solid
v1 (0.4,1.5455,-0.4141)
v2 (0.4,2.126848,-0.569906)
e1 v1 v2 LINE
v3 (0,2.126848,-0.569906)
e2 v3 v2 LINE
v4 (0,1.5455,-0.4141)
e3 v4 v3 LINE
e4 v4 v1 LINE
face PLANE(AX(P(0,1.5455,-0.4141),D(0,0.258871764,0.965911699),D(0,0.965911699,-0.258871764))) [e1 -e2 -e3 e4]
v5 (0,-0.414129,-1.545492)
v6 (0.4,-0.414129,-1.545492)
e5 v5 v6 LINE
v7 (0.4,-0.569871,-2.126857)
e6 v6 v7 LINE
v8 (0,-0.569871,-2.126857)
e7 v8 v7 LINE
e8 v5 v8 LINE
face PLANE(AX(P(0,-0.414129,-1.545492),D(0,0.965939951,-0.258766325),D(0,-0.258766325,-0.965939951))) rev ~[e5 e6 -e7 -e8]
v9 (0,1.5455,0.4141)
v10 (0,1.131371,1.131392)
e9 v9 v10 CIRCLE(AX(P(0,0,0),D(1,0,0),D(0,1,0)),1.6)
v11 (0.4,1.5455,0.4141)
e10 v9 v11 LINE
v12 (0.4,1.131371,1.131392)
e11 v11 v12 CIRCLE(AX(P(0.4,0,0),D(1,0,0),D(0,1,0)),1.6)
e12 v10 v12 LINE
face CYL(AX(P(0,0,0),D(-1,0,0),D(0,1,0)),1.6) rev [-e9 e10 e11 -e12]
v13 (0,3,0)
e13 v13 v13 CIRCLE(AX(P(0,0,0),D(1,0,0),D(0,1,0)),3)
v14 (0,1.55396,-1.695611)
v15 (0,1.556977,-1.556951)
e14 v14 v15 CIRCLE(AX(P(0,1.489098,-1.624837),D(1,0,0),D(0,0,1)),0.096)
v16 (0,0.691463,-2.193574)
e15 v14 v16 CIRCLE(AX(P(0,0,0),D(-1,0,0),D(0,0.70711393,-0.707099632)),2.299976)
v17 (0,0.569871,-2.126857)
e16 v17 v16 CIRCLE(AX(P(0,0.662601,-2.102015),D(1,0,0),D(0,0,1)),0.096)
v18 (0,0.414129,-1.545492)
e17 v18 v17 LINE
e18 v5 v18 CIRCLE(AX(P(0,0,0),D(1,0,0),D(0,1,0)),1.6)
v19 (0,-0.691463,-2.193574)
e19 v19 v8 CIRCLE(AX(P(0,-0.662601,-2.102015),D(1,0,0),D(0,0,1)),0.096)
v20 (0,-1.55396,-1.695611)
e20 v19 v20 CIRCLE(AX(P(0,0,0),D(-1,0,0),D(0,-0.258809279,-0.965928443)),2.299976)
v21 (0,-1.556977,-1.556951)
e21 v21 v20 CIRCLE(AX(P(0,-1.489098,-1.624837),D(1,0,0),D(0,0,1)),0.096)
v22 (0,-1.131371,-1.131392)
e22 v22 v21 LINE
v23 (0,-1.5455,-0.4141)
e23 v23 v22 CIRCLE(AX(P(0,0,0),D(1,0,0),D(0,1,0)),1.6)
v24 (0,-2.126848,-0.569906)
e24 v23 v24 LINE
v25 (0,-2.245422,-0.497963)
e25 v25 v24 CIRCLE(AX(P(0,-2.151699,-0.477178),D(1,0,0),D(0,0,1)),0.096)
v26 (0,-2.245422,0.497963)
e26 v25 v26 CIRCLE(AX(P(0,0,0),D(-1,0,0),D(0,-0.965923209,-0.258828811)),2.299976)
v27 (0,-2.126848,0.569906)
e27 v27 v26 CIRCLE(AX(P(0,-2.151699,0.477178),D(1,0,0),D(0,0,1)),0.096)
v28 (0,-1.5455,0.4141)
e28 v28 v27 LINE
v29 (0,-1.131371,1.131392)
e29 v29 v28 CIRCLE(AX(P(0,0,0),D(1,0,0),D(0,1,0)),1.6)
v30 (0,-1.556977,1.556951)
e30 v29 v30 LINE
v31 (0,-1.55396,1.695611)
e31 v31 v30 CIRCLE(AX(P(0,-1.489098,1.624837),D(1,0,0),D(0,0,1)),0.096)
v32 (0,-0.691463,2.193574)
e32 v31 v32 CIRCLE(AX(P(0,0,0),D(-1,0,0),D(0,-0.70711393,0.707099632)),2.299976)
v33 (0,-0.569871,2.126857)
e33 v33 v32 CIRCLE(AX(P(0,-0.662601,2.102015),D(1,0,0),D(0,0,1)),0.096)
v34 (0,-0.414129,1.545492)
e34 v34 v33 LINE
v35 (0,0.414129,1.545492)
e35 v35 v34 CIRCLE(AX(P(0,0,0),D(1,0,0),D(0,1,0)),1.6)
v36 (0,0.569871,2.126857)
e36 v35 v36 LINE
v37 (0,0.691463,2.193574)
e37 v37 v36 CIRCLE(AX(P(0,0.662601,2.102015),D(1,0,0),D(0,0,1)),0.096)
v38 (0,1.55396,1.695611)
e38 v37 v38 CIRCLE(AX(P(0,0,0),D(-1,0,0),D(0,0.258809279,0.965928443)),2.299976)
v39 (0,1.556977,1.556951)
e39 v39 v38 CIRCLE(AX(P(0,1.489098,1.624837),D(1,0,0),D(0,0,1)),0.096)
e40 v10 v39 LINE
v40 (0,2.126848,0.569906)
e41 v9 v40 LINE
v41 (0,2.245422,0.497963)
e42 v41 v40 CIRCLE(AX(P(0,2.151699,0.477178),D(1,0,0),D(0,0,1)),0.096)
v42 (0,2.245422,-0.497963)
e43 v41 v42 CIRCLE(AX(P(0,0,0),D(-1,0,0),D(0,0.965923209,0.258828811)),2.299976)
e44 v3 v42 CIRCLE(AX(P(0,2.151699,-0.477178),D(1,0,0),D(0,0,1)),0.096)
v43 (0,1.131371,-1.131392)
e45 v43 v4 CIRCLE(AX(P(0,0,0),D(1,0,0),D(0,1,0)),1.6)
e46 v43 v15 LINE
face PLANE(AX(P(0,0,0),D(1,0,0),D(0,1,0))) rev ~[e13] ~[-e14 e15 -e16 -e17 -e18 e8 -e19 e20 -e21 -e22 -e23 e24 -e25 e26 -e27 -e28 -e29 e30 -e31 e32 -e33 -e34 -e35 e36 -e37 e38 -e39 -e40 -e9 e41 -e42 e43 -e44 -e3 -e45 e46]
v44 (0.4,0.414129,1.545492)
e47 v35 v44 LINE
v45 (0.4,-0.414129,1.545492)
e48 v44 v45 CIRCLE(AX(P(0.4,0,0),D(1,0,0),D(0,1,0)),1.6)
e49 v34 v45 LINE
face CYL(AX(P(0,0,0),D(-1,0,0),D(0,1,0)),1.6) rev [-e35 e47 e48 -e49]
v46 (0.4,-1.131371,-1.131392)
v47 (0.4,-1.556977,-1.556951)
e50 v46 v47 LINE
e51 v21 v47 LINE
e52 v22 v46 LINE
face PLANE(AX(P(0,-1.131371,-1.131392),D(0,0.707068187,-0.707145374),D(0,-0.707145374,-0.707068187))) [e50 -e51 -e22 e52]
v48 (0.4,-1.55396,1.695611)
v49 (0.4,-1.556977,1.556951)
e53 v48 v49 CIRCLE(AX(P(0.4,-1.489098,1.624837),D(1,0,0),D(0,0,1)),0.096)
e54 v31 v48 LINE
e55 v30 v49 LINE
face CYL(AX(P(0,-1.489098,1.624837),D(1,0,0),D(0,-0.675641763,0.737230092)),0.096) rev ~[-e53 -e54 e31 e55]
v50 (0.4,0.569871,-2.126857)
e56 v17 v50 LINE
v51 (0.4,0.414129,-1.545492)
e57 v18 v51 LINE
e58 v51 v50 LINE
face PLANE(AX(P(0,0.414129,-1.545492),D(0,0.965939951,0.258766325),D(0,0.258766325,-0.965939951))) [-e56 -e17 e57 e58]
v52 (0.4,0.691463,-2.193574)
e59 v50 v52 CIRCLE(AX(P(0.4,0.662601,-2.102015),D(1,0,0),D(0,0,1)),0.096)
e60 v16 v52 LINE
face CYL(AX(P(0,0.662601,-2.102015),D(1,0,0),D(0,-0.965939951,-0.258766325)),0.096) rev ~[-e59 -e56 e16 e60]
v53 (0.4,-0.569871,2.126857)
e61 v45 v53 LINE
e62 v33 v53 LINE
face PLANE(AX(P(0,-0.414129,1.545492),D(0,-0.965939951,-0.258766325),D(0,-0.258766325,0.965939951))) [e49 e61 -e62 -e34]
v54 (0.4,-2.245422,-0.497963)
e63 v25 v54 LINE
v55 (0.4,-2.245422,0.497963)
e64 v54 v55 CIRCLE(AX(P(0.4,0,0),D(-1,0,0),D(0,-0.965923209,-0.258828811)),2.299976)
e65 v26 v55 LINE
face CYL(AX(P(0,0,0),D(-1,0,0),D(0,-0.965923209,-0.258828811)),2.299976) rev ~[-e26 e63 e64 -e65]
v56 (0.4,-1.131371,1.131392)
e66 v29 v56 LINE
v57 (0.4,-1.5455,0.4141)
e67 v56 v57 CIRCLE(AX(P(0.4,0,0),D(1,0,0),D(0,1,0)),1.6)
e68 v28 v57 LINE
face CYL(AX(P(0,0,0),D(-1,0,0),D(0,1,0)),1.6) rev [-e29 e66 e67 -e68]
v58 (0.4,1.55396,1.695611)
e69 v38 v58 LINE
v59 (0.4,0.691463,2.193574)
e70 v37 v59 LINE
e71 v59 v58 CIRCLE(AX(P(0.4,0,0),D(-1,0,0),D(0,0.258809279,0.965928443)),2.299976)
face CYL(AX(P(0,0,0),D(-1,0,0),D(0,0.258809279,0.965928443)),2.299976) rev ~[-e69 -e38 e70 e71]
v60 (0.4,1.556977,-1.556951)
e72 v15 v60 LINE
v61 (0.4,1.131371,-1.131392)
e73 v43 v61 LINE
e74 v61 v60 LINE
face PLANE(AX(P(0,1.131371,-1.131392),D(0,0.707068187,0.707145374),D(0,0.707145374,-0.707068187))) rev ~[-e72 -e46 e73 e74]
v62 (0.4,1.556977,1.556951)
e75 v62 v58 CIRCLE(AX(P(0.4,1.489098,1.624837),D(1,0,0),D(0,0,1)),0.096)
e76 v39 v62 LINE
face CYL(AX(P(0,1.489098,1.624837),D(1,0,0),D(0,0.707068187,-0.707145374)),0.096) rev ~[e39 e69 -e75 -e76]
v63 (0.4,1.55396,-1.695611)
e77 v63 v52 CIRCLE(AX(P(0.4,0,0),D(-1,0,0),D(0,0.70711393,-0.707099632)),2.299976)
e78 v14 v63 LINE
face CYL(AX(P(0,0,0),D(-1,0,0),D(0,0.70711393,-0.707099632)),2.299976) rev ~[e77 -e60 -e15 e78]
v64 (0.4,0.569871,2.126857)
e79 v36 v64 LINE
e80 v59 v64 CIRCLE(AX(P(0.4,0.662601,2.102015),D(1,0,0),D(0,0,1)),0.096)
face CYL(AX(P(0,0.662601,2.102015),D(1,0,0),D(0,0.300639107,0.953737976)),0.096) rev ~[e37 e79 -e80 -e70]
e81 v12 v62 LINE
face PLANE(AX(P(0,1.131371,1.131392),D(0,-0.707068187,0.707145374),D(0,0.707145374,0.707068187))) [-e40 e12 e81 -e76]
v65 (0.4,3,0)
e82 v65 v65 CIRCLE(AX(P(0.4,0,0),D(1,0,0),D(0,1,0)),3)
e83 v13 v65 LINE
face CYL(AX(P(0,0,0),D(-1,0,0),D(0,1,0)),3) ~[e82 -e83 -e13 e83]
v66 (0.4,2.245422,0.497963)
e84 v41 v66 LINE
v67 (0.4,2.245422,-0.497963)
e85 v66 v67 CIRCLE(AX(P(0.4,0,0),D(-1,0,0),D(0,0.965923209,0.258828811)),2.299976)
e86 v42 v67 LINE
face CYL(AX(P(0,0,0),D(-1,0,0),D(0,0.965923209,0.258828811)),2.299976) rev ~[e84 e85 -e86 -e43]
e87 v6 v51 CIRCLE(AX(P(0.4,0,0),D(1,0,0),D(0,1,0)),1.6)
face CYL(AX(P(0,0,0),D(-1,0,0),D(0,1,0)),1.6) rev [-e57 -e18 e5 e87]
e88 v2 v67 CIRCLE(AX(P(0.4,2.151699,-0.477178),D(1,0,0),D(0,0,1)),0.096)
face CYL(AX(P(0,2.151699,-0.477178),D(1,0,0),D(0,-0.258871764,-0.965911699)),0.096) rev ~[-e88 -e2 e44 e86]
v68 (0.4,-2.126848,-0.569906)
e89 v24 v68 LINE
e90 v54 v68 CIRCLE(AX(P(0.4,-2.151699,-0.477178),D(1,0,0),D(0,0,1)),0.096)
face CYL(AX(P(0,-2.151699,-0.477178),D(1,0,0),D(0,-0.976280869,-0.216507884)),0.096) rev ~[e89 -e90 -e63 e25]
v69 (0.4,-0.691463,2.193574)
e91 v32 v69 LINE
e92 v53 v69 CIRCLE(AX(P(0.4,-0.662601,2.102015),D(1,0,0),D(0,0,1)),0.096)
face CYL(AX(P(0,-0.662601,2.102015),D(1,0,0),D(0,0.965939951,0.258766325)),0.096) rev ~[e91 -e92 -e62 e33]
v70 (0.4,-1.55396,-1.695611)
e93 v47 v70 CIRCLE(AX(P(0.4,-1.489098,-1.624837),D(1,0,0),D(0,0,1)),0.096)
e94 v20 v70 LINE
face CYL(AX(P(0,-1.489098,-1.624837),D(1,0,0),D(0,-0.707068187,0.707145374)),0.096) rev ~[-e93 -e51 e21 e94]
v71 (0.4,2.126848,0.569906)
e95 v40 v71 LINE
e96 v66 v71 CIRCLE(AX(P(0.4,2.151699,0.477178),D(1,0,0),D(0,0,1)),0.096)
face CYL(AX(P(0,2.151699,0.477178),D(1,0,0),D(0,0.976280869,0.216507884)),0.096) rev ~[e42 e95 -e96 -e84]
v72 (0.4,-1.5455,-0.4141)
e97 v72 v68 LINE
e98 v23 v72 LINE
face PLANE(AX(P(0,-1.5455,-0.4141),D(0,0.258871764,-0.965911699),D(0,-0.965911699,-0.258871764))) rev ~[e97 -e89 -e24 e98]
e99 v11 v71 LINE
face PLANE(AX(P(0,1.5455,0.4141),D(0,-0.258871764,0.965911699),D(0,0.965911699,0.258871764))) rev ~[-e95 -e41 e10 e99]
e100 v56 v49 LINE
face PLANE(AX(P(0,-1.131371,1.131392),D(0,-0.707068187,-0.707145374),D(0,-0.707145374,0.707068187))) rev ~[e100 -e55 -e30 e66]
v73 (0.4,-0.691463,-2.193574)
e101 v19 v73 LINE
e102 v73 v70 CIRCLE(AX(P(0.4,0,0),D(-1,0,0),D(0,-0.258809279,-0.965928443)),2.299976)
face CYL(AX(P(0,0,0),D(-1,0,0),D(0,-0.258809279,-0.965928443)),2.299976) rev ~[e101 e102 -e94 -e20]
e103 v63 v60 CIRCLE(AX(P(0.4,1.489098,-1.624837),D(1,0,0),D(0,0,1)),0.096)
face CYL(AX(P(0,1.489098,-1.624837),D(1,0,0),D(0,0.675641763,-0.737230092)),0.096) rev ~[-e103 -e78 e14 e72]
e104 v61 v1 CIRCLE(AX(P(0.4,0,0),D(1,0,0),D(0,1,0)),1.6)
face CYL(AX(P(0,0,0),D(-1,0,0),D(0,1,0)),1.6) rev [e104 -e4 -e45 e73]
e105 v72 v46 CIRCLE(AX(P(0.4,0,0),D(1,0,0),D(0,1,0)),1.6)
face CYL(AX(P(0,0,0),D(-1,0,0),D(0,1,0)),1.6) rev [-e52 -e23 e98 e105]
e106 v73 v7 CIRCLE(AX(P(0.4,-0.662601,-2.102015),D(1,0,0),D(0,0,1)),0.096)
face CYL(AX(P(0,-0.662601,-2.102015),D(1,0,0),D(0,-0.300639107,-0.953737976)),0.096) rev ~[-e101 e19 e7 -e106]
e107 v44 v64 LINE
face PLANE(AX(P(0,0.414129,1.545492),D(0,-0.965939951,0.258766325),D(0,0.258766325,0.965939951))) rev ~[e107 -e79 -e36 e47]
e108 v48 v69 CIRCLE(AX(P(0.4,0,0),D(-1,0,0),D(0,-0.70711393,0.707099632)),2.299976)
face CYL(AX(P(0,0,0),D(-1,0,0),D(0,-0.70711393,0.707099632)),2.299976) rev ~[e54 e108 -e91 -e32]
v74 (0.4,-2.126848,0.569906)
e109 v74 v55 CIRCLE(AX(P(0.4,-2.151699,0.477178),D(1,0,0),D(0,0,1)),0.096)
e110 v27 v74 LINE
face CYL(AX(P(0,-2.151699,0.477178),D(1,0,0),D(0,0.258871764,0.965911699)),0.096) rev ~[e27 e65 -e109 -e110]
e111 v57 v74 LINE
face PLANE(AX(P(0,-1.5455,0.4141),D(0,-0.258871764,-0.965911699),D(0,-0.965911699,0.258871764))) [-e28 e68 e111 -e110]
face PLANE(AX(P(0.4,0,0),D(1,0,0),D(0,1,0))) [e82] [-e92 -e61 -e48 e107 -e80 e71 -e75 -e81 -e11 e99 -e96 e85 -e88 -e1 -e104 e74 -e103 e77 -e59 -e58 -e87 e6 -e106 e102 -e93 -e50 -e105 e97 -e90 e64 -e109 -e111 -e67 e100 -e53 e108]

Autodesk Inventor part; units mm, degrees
ref_plane "YZ Plane" through (0, 0, 0) normal (1, 0, 0) x (0, 1, 0)
ref_plane "XZ Plane" through (0, 0, 0) normal (0, 1, 0) x (-1, 0, 0)
sketch "Sketch1" plane through (0, 0, 0) normal (1, 0, 0) x (0, 1, 0)
  circle A0 centre (0, 0) radius 3
  circle A1 centre (0, 0) radius 1.6
  dimension "d0" = 6
  dimension "d1" = 3.2
extrude "Body" add sketch "Sketch1" along normal blind 0.4
sketch "Sketch2" plane through (0, 0, 0) normal (-1, 0, 0) x (0, 0, 1)
  circle A0 centre (0, 0) radius 1.6 projected
  circle A1 centre (0, 0) radius 3 projected
  arc A2 (0.5953, 2.2216) -> (-0.5953, 2.2216) centre (0, 0) ccw
  line L0 (-0.4141, 1.5455) -> (-0.5953, 2.2216)
  line L1 (0, 0) -> (0, 2.3) construction
  line L2 (0.4141, 1.5455) -> (0.5953, 2.2216)
  line L3 (-0.4141, 1.5455) -> (0, 0) construction
  line L4 (0.4141, 1.5455) -> (0, 0) construction
  dimension "d4" = 4.6
  dimension "d5" = 15
extrude "Cut" cut sketch "Sketch2" against normal blind 0.4 contours A0 L0 A2 L2
fillet "Fillet1" radius 0.096 2 edges at (0.2, 2.2216, 0.5953) (0.2, 2.2216, -0.5953)
pattern_circular "Cuts" count 6 over 360 about axis through (-10, 0, 0) along (1, 0, 0) of "Cut", "Fillet1"
ref_plane "Work Plane1" through (0, 0, 0) normal (0, 1, 0) x (1, 0, 0)
equation "\"d0\" = SD2"
equation "\"d1\" = SD1"
equation "\"d2\" = SD"
equation "\"d4\" = 0.5 * SD2 + 0.5 * SD1"
equation "\"d6\" = SD"
equation "\"d8\" = 0.03 * SD1"
equation "\"SD1\" = 3.2"
equation "\"SD2\" = 6"
equation "\"SD\" = 0.4"
equation "\"NND\" = 3"
properties part number "IS 5371 - B3.2" material "Steel, Mild"
